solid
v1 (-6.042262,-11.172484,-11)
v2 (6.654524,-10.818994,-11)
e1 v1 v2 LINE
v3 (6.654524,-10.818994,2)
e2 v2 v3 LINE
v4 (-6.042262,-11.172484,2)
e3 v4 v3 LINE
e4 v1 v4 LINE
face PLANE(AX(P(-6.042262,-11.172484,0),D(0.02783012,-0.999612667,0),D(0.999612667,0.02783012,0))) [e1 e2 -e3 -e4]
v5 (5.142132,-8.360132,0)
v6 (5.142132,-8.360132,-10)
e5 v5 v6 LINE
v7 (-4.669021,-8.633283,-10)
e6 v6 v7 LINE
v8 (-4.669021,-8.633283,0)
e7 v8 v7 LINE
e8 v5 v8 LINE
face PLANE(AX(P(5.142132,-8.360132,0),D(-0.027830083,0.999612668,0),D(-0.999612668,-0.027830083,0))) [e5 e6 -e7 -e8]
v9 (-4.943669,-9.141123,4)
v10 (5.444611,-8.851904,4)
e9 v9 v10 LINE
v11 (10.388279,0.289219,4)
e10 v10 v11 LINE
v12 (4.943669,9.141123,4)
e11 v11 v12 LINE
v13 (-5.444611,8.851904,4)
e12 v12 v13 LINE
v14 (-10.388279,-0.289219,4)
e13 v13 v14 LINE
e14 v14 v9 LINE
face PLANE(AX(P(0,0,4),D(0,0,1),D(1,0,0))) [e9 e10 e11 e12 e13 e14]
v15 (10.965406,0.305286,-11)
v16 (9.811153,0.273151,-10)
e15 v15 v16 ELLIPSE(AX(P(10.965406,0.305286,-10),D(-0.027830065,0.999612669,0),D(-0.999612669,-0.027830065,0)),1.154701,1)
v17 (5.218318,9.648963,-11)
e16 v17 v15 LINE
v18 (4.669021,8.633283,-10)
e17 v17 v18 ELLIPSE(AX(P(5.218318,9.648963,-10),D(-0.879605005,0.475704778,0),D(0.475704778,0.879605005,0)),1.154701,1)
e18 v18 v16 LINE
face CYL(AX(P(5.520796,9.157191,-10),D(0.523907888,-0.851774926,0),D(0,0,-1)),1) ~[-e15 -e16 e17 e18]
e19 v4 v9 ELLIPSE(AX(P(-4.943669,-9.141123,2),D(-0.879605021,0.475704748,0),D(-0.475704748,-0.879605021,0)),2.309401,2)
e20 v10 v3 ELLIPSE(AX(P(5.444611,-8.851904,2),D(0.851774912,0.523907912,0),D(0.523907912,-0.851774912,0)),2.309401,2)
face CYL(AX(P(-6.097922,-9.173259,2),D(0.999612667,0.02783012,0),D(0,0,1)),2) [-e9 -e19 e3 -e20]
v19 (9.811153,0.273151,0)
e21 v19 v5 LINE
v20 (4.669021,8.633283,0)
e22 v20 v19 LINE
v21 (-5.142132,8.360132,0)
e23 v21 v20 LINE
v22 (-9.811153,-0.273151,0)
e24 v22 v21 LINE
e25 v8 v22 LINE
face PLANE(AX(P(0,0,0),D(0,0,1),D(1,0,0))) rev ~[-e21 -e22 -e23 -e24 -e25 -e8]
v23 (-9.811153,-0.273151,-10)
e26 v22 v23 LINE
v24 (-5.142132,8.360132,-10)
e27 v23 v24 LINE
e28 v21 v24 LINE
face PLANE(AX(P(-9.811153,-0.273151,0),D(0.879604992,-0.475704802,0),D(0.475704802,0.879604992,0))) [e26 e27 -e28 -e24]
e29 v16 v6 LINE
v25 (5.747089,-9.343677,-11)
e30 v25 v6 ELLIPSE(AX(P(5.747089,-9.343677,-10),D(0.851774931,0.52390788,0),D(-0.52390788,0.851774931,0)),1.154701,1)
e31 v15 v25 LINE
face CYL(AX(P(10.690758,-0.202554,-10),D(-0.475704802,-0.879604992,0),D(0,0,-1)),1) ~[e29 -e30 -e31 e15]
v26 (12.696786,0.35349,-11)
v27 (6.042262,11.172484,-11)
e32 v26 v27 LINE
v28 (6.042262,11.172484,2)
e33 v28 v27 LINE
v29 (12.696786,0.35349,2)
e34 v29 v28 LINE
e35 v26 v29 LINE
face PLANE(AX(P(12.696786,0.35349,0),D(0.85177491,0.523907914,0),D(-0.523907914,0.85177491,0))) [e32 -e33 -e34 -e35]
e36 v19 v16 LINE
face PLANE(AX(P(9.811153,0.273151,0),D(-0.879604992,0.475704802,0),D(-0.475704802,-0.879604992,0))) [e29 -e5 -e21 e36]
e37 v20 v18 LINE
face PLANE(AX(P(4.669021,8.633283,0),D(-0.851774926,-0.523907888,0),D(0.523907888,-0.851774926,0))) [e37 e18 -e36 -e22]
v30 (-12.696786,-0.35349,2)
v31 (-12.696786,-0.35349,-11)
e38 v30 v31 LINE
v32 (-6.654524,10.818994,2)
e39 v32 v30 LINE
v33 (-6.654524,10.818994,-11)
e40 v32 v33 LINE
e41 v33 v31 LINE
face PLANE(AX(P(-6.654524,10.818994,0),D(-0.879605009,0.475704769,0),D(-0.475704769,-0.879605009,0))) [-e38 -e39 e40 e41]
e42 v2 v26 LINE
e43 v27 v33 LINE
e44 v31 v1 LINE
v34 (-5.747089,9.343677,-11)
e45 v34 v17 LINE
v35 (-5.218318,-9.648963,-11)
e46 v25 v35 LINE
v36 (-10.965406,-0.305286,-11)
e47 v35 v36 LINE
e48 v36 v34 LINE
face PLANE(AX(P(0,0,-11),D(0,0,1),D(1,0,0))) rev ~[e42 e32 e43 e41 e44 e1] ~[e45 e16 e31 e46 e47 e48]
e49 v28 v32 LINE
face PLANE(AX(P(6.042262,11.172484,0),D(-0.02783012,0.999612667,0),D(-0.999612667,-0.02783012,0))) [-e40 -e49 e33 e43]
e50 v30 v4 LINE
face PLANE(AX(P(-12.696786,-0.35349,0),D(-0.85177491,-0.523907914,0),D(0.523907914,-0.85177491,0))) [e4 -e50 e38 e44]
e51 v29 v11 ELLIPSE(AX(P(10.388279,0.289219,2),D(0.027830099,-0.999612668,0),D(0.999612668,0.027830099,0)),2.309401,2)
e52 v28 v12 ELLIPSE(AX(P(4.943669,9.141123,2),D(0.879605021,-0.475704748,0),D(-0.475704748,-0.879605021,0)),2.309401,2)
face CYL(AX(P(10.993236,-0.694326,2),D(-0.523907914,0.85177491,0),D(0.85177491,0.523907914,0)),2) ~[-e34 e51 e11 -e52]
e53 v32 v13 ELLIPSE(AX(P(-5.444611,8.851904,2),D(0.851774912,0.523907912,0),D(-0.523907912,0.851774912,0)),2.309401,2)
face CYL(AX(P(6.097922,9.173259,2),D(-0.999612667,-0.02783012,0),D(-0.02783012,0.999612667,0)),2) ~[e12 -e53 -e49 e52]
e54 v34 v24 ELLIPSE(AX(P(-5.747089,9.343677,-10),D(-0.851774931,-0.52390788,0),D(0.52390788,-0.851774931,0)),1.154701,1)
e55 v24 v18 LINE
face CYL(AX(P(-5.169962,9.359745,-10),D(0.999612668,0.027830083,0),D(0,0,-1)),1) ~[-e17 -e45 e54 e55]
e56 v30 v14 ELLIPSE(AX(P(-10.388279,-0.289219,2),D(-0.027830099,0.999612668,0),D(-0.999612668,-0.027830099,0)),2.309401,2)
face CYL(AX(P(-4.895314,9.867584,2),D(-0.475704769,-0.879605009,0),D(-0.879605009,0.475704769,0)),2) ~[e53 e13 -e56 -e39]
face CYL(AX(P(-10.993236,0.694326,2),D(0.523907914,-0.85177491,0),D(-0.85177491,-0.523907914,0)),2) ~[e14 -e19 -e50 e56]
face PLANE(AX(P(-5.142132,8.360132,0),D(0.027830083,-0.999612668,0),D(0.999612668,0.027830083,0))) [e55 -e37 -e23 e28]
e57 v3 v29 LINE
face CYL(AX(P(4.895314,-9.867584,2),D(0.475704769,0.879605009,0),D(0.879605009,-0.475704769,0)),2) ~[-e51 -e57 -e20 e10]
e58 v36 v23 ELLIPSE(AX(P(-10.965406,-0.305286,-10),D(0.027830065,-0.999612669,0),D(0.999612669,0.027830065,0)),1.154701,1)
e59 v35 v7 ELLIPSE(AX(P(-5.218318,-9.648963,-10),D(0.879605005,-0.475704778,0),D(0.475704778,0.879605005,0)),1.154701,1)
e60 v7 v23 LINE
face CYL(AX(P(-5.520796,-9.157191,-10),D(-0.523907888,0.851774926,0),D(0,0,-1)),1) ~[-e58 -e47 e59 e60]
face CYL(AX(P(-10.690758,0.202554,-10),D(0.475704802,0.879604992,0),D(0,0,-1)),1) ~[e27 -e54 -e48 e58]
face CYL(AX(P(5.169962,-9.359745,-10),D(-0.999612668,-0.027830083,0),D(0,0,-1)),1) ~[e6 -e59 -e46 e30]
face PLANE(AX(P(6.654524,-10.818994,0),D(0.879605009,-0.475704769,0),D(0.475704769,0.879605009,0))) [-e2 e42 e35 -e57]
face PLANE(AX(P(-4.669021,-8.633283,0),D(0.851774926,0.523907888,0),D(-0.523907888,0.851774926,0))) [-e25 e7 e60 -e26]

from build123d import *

# Parameters (mm, degrees)
F1_DEPTH = 4
F2_DEPTH = 11
F3_R     = 2
F4_R     = 1


with BuildPart() as f1:
    # F0 (on Top) → F1 (new body)
    with BuildSketch(Plane.XY):
        Polygon((-12.696786, -0.35349), (-6.042262, -11.172484), (6.654524, -10.818994), (12.696786, 0.35349), (6.042262, 11.172484), (-6.654524, 10.818994), align=None)
        Polygon((-4.669021, -8.633283), (-9.811153, -0.273151), (-5.142132, 8.360132), (4.669021, 8.633283), (9.811153, 0.273151), (5.142132, -8.360132), align=None, mode=Mode.SUBTRACT)
        Polygon((-5.142132, 8.360132), (-9.811153, -0.273151), (-4.669021, -8.633283), (5.142132, -8.360132), (9.811153, 0.273151), (4.669021, 8.633283), align=None)
    extrude(amount=F1_DEPTH)

    # F0 (on Top) → F2 (join)
    with BuildSketch(Plane.XY):
        Polygon((-12.696786, -0.35349), (-6.042262, -11.172484), (6.654524, -10.818994), (12.696786, 0.35349), (6.042262, 11.172484), (-6.654524, 10.818994), align=None)
        Polygon((-4.669021, -8.633283), (-9.811153, -0.273151), (-5.142132, 8.360132), (4.669021, 8.633283), (9.811153, 0.273151), (5.142132, -8.360132), align=None, mode=Mode.SUBTRACT)
    extrude(amount=-F2_DEPTH)

    # F3
    f3_edges = [f1.edges().sort_by_distance(p)[0] for p in [
        (-0.306131, 10.995739, 4),
        (-9.675655, 5.232752, 4),
        (-9.369524, -5.762987, 4),
        (0.306131, -10.995739, 4),
        (9.675655, -5.232752, 4),
        (9.369524, 5.762987, 4),
    ]]
    fillet(f3_edges, radius=F3_R)

    # F4
    f4_edges = [f1.edges().sort_by_distance(p)[0] for p in [
        (-0.236556, 8.496708, -11),
        (-7.476643, 4.04349, -11),
        (-7.240087, -4.453217, -11),
        (0.236556, -8.496708, -11),
        (7.476643, -4.04349, -11),
        (7.240087, 4.453217, -11),
    ]]
    fillet(f4_edges, radius=F4_R)


solid = f1.part
